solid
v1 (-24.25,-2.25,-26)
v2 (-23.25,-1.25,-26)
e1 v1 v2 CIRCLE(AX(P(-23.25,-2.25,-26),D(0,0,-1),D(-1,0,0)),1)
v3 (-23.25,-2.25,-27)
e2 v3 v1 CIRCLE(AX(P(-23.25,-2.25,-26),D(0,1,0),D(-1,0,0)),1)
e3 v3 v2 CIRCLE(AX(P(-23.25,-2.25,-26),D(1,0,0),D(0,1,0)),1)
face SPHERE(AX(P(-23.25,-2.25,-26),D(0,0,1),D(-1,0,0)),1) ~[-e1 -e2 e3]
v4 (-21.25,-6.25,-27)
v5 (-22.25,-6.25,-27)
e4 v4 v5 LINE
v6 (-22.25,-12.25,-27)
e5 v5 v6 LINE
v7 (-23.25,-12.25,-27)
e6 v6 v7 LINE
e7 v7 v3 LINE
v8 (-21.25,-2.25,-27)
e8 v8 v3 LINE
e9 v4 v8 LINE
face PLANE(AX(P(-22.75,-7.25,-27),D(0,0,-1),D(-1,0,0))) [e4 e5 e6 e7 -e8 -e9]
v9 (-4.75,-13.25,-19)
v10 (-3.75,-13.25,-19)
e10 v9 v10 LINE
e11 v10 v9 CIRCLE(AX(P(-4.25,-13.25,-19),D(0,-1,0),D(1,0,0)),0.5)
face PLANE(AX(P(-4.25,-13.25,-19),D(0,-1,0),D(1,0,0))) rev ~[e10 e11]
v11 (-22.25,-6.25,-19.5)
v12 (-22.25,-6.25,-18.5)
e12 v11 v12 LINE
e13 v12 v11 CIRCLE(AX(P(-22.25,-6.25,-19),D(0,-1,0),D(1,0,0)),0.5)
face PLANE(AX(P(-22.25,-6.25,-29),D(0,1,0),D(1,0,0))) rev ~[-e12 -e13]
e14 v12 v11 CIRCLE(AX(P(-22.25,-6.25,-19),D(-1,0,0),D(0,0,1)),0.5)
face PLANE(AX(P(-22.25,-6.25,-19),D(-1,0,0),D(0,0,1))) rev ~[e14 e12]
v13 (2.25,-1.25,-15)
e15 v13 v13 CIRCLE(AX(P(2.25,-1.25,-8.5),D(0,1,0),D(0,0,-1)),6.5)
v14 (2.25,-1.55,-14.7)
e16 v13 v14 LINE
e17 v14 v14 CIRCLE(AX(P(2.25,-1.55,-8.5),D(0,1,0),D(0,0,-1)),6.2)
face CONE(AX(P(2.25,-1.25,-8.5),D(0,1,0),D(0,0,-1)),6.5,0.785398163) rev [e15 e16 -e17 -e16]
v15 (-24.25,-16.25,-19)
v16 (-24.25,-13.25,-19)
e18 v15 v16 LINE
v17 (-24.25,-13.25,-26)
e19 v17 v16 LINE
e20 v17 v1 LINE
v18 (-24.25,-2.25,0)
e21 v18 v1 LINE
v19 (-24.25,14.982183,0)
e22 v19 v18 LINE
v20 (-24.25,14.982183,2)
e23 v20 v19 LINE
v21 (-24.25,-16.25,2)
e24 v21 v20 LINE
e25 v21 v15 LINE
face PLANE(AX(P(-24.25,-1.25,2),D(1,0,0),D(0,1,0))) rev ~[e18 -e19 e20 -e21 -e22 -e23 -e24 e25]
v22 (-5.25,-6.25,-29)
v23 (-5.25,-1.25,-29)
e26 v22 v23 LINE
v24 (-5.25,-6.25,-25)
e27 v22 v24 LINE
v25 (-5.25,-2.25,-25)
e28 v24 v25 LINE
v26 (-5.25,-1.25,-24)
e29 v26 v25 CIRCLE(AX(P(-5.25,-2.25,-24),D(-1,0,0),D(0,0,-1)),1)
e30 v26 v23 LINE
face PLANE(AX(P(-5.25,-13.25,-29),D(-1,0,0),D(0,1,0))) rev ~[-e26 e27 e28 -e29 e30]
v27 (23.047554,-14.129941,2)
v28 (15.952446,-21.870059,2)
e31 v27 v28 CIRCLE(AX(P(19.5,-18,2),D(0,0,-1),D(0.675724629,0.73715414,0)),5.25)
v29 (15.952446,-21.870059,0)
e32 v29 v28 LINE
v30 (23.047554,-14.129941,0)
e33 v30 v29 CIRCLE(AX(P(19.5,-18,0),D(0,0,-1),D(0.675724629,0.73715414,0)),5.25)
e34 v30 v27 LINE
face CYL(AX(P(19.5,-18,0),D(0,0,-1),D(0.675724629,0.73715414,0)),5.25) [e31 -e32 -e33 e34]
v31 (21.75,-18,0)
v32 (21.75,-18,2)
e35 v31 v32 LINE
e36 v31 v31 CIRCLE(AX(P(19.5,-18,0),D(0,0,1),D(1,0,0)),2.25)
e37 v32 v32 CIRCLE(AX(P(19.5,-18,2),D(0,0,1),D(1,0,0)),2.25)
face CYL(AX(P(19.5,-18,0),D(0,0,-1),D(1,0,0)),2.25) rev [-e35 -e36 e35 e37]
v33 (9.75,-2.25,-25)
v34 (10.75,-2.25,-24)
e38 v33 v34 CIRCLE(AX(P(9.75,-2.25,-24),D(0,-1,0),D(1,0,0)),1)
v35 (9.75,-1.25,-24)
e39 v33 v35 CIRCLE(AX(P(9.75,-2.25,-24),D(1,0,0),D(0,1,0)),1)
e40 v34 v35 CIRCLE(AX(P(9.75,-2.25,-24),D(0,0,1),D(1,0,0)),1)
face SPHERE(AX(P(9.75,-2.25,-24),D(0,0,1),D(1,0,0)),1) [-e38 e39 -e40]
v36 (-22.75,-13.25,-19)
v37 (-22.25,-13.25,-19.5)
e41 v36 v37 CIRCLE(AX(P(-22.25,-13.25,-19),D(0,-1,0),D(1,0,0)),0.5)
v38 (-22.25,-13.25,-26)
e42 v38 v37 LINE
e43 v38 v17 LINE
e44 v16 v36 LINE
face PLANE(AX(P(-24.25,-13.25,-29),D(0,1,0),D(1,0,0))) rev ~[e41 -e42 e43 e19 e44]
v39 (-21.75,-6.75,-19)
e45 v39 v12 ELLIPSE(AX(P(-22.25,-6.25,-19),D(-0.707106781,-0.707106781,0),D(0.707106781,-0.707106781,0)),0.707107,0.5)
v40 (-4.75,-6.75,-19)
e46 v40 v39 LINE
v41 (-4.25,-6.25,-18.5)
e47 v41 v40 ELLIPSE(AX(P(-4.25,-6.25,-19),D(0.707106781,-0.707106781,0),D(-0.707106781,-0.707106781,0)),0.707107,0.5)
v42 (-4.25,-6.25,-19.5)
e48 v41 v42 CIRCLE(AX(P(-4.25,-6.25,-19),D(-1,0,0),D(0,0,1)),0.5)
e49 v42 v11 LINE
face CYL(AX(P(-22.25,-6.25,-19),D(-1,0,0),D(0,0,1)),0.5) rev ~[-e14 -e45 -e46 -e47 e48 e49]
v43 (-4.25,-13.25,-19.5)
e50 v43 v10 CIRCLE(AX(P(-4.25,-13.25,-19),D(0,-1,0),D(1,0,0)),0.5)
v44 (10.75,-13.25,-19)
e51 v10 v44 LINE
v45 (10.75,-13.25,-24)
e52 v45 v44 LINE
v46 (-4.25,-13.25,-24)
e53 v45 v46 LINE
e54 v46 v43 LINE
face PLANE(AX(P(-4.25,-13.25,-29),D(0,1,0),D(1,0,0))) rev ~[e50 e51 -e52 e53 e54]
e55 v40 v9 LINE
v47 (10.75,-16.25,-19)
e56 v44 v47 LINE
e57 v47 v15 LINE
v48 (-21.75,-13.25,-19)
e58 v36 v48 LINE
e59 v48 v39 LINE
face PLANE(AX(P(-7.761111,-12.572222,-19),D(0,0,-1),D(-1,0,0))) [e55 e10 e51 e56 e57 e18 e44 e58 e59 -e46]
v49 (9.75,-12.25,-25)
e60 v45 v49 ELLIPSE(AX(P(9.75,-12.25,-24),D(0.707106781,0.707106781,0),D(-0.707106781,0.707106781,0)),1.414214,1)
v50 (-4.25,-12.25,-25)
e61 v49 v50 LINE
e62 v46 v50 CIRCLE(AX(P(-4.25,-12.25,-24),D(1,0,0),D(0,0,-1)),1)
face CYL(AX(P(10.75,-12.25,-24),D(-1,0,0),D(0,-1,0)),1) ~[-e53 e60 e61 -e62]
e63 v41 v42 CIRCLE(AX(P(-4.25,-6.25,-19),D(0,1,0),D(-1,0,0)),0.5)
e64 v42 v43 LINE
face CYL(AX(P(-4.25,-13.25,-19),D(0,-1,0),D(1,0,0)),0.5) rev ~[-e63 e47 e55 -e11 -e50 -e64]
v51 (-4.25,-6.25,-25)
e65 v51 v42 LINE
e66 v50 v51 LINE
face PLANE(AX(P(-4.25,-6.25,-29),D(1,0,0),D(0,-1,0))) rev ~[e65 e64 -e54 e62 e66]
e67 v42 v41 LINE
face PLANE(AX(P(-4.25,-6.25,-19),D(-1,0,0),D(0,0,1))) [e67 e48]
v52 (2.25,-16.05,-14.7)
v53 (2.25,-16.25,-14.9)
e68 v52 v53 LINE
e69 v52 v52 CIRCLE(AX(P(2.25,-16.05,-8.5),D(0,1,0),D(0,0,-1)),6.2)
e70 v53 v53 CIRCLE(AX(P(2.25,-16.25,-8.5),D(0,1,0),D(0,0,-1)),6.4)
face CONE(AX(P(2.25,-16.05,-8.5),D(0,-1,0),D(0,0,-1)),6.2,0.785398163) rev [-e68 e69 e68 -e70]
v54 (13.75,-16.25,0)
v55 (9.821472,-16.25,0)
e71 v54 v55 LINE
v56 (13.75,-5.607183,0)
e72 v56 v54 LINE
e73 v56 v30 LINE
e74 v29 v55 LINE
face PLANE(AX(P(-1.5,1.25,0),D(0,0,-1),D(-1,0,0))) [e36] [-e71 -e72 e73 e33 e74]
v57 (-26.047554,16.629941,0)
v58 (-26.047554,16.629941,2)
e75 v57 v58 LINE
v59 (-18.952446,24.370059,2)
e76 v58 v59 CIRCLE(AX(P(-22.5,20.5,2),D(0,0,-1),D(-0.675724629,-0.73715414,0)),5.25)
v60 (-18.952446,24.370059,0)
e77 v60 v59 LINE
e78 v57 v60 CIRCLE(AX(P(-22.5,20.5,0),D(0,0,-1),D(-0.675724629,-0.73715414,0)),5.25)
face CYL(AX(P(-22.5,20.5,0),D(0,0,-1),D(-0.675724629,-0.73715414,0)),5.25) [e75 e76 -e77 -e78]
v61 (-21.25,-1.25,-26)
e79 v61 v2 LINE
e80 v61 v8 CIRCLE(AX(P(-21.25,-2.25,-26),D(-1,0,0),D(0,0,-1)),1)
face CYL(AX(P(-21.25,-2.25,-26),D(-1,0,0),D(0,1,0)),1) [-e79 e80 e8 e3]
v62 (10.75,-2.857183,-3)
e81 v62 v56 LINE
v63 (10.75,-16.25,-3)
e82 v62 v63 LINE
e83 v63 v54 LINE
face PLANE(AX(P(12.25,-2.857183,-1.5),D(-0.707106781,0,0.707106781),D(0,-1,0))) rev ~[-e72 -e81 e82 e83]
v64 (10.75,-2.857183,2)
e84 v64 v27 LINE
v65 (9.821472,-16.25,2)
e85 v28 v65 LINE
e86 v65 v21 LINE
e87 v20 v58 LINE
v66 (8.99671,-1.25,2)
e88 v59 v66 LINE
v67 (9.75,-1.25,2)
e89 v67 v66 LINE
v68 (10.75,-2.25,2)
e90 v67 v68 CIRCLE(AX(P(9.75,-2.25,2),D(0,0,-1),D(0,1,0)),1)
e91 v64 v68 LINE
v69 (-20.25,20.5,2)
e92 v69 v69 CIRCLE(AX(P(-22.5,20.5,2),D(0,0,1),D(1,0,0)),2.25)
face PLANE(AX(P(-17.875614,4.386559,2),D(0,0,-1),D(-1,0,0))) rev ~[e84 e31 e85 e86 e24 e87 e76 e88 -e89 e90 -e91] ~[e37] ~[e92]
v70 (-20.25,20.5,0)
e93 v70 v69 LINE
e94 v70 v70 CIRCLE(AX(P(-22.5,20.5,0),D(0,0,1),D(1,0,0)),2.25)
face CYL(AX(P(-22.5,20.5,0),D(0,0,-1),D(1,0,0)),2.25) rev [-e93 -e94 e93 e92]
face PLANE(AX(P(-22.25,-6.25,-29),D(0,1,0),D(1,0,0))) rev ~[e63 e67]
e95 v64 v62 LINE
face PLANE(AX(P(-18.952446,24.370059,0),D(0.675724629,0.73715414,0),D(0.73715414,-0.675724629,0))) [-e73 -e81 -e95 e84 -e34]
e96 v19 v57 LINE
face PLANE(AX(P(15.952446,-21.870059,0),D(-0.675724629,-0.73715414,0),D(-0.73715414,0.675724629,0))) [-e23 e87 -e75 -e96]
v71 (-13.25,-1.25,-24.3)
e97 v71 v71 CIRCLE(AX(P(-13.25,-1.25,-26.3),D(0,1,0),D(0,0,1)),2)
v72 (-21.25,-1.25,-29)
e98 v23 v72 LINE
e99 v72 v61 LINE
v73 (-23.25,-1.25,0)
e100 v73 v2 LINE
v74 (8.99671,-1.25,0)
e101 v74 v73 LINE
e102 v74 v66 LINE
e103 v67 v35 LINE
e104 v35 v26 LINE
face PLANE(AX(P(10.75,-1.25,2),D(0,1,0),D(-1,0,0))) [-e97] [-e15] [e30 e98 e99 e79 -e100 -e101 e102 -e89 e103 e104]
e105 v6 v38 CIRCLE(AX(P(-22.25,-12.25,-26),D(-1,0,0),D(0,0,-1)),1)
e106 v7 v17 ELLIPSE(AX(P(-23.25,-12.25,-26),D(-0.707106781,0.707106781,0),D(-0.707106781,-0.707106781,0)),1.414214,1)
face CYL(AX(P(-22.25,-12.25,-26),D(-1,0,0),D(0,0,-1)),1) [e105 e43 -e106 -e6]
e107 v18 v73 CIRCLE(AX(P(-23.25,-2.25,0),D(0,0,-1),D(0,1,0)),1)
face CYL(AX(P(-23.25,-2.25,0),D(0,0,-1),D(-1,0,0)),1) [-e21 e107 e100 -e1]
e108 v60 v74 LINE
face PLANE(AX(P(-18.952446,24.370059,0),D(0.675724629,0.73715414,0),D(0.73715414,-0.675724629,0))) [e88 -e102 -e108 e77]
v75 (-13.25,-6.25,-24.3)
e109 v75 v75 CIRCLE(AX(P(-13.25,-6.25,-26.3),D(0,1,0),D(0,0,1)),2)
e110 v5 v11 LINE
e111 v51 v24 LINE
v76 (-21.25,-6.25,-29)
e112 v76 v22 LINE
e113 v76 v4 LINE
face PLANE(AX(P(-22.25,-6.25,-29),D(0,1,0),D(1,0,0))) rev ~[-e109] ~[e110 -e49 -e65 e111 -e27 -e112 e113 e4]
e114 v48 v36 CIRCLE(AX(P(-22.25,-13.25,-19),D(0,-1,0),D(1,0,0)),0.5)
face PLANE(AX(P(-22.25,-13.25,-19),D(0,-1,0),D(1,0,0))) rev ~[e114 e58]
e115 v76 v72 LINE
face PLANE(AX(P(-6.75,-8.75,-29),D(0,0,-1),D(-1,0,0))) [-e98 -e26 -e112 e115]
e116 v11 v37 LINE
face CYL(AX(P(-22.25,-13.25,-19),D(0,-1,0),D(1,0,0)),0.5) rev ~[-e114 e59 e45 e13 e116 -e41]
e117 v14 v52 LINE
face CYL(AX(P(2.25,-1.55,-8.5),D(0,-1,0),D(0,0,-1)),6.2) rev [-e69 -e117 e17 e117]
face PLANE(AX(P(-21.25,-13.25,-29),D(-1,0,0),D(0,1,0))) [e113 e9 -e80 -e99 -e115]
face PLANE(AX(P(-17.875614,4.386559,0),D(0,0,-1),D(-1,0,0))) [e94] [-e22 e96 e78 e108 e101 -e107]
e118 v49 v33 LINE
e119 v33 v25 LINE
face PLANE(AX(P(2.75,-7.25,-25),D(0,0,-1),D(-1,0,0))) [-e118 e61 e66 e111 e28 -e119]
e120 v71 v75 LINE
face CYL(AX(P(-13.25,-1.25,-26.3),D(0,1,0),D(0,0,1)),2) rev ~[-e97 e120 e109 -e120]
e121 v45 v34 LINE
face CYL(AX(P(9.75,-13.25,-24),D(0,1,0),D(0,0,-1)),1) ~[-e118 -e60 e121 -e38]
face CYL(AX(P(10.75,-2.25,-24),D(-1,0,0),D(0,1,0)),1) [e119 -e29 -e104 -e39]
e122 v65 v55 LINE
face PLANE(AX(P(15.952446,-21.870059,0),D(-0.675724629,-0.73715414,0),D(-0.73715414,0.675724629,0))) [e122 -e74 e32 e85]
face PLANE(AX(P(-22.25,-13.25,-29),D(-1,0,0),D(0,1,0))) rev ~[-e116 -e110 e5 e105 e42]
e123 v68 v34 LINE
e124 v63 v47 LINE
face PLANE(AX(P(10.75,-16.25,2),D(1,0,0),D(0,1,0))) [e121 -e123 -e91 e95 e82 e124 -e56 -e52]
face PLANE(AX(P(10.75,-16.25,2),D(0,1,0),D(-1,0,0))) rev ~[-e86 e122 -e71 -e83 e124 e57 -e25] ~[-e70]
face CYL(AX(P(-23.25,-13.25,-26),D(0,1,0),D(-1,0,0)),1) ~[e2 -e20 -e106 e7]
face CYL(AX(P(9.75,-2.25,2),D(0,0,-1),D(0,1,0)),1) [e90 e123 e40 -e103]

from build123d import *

# Parameters (mm, degrees)
SKETCH1_R           = 2.25
BOSS_EXTRUDE1_DEPTH = 2
SKETCH2_W           = 35
SKETCH2_H           = 15
BOSS_EXTRUDE2_DEPTH = 31
CUT_EXTRUDE1_DEPTH  = 10
SKETCH4_R           = 2
CUT_EXTRUDE2_DEPTH  = 49.3741925
CHAMFER1_SIZE       = 3
SKETCH11_W          = 16
SKETCH11_H          = 12
CUT_EXTRUDE4_DEPTH  = 4
SKETCH13_W          = 3
SKETCH13_H          = 12
CUT_EXTRUDE5_DEPTH  = 2
BOSS_EXTRUDE7_DEPTH = 2
FILLET1_R           = 1
SKETCH15_R          = 0.5
CUT_EXTRUDE6_DEPTH  = 7
CUT_EXTRUDE7_START  = -2
SKETCH16_R          = 0.5
CUT_EXTRUDE7_DEPTH  = 18


with BuildPart() as part:
    # Sketch1 → Boss-Extrude1 (new body)
    with BuildSketch(Plane.XY):
        with BuildLine():
            Line((-18.9524457, 24.370059236), (23.0475543, -14.129940764))
            ThreePointArc((23.0475543, -14.129940764), (23.370059236, -21.5475543), (15.9524457, -21.870059236))
            Line((15.9524457, -21.870059236), (-26.0475543, 16.629940764))
            ThreePointArc((-26.0475543, 16.629940764), (-26.370059236, 24.0475543), (-18.9524457, 24.370059236))
        make_face()
        with Locations((-22.5, 20.5)):
            Circle(SKETCH1_R, mode=Mode.SUBTRACT)
        with Locations((19.5, -18)):
            Circle(SKETCH1_R, mode=Mode.SUBTRACT)
    extrude(amount=BOSS_EXTRUDE1_DEPTH)

    # Sketch2 → Boss-Extrude2 (add)
    with BuildSketch(Plane(origin=(0, 0, 2), x_dir=(-1, 0, 0), z_dir=(0, 0, -1))):
        with Locations((6.75, -8.75)):
            Rectangle(SKETCH2_W, SKETCH2_H)
    extrude(amount=BOSS_EXTRUDE2_DEPTH)

    # Sketch3 → Cut-Extrude1 (cut)
    with BuildSketch(Plane(origin=(0, 0, -29), x_dir=(-1, 0, 0), z_dir=(0, 0, -1))):
        Polygon((22.25, -13.25), (22.25, -6.25), (4.25, -6.25), (4.25, -13.25), (-10.75, -13.25), (-10.75, -16.25), (24.25, -16.25), (24.25, -13.25), align=None)
    extrude(amount=-CUT_EXTRUDE1_DEPTH, mode=Mode.SUBTRACT)

    # Sketch4 → Cut-Extrude2 (cut, through all)
    with BuildSketch(Plane(origin=(0, -1.25, 0), x_dir=(1, 0, 0), z_dir=(0, 1, 0))):
        with Locations(Location((-13.25, 26.3, 0), (0, 0, 270))):
            Circle(SKETCH4_R)
    extrude(amount=-CUT_EXTRUDE2_DEPTH, mode=Mode.SUBTRACT)

    # Chamfer1
    chamfer1_edges = [part.edges().sort_by_distance(p)[0] for p in [
        (10.75, -9.553591328, 0),
    ]]
    chamfer(chamfer1_edges, length=CHAMFER1_SIZE)

    # Sketch7 → Ø12.0mm Clearance Dowel Hole1 (revolve, cut)
    with BuildSketch(Plane(origin=(2.25, -16.25, -8.5), x_dir=(0, 0, -1), z_dir=(1, 0, 0))):
        Polygon((0, 0), (0, 15), (6.5, 15), (6.2, 14.7), (6.2, 0.2), (6.4, 0), align=None)
    revolve(axis=Axis((2.25, -22.6, -8.5), (0, 1, 0)), mode=Mode.SUBTRACT)

    # Sketch11 → Cut-Extrude4 (cut)
    with BuildSketch(Plane(origin=(0, 0, -29), x_dir=(-1, 0, 0), z_dir=(0, 0, -1))):
        with Locations((-2.75, -7.25)):
            Rectangle(SKETCH11_W, SKETCH11_H)
    extrude(amount=-CUT_EXTRUDE4_DEPTH, mode=Mode.SUBTRACT)

    # Sketch13 → Cut-Extrude5 (cut)
    with BuildSketch(Plane(origin=(0, 0, -29), x_dir=(-1, 0, 0), z_dir=(0, 0, -1))):
        with Locations((22.75, -7.25)):
            Rectangle(SKETCH13_W, SKETCH13_H)
    extrude(amount=-CUT_EXTRUDE5_DEPTH, mode=Mode.SUBTRACT)

    # Sketch9 → Boss-Extrude7 (add)
    with BuildSketch(Plane(origin=(0, 0, 2), x_dir=(-1, 0, 0), z_dir=(0, 0, -1))):
        Polygon((24.25, -1.25), (24.25, 14.982182656), (6.542164375, -1.25), align=None)
    extrude(amount=BOSS_EXTRUDE7_DEPTH)

    # Fillet1
    fillet1_edges = [part.edges().sort_by_distance(p)[0] for p in [
        (10.75, -1.25, -11.5),
        (3.25, -13.25, -25),
        (10.75, -7.25, -25),
        (2.75, -1.25, -25),
        (-23.25, -13.25, -27),
        (-24.25, -1.25, -13.5),
        (-24.25, -7.25, -27),
        (-22.75, -1.25, -27),
    ]]
    fillet(fillet1_edges, radius=FILLET1_R)

    # Sketch15 → Cut-Extrude6 (cut)
    with BuildSketch(Plane.XZ.offset(13.25)):
        with Locations((-4.25, -19)):
            Circle(SKETCH15_R)
        with Locations((-22.25, -19)):
            Circle(SKETCH15_R)
    extrude(amount=-CUT_EXTRUDE6_DEPTH, mode=Mode.SUBTRACT)

    # Sketch16 → Cut-Extrude7 (cut)
    with BuildSketch(Plane.ZY.offset(24.25).offset(CUT_EXTRUDE7_START)):
        with Locations((-19, -6.25)):
            Circle(SKETCH16_R)
    extrude(amount=-CUT_EXTRUDE7_DEPTH, mode=Mode.SUBTRACT)


solid = part.part
